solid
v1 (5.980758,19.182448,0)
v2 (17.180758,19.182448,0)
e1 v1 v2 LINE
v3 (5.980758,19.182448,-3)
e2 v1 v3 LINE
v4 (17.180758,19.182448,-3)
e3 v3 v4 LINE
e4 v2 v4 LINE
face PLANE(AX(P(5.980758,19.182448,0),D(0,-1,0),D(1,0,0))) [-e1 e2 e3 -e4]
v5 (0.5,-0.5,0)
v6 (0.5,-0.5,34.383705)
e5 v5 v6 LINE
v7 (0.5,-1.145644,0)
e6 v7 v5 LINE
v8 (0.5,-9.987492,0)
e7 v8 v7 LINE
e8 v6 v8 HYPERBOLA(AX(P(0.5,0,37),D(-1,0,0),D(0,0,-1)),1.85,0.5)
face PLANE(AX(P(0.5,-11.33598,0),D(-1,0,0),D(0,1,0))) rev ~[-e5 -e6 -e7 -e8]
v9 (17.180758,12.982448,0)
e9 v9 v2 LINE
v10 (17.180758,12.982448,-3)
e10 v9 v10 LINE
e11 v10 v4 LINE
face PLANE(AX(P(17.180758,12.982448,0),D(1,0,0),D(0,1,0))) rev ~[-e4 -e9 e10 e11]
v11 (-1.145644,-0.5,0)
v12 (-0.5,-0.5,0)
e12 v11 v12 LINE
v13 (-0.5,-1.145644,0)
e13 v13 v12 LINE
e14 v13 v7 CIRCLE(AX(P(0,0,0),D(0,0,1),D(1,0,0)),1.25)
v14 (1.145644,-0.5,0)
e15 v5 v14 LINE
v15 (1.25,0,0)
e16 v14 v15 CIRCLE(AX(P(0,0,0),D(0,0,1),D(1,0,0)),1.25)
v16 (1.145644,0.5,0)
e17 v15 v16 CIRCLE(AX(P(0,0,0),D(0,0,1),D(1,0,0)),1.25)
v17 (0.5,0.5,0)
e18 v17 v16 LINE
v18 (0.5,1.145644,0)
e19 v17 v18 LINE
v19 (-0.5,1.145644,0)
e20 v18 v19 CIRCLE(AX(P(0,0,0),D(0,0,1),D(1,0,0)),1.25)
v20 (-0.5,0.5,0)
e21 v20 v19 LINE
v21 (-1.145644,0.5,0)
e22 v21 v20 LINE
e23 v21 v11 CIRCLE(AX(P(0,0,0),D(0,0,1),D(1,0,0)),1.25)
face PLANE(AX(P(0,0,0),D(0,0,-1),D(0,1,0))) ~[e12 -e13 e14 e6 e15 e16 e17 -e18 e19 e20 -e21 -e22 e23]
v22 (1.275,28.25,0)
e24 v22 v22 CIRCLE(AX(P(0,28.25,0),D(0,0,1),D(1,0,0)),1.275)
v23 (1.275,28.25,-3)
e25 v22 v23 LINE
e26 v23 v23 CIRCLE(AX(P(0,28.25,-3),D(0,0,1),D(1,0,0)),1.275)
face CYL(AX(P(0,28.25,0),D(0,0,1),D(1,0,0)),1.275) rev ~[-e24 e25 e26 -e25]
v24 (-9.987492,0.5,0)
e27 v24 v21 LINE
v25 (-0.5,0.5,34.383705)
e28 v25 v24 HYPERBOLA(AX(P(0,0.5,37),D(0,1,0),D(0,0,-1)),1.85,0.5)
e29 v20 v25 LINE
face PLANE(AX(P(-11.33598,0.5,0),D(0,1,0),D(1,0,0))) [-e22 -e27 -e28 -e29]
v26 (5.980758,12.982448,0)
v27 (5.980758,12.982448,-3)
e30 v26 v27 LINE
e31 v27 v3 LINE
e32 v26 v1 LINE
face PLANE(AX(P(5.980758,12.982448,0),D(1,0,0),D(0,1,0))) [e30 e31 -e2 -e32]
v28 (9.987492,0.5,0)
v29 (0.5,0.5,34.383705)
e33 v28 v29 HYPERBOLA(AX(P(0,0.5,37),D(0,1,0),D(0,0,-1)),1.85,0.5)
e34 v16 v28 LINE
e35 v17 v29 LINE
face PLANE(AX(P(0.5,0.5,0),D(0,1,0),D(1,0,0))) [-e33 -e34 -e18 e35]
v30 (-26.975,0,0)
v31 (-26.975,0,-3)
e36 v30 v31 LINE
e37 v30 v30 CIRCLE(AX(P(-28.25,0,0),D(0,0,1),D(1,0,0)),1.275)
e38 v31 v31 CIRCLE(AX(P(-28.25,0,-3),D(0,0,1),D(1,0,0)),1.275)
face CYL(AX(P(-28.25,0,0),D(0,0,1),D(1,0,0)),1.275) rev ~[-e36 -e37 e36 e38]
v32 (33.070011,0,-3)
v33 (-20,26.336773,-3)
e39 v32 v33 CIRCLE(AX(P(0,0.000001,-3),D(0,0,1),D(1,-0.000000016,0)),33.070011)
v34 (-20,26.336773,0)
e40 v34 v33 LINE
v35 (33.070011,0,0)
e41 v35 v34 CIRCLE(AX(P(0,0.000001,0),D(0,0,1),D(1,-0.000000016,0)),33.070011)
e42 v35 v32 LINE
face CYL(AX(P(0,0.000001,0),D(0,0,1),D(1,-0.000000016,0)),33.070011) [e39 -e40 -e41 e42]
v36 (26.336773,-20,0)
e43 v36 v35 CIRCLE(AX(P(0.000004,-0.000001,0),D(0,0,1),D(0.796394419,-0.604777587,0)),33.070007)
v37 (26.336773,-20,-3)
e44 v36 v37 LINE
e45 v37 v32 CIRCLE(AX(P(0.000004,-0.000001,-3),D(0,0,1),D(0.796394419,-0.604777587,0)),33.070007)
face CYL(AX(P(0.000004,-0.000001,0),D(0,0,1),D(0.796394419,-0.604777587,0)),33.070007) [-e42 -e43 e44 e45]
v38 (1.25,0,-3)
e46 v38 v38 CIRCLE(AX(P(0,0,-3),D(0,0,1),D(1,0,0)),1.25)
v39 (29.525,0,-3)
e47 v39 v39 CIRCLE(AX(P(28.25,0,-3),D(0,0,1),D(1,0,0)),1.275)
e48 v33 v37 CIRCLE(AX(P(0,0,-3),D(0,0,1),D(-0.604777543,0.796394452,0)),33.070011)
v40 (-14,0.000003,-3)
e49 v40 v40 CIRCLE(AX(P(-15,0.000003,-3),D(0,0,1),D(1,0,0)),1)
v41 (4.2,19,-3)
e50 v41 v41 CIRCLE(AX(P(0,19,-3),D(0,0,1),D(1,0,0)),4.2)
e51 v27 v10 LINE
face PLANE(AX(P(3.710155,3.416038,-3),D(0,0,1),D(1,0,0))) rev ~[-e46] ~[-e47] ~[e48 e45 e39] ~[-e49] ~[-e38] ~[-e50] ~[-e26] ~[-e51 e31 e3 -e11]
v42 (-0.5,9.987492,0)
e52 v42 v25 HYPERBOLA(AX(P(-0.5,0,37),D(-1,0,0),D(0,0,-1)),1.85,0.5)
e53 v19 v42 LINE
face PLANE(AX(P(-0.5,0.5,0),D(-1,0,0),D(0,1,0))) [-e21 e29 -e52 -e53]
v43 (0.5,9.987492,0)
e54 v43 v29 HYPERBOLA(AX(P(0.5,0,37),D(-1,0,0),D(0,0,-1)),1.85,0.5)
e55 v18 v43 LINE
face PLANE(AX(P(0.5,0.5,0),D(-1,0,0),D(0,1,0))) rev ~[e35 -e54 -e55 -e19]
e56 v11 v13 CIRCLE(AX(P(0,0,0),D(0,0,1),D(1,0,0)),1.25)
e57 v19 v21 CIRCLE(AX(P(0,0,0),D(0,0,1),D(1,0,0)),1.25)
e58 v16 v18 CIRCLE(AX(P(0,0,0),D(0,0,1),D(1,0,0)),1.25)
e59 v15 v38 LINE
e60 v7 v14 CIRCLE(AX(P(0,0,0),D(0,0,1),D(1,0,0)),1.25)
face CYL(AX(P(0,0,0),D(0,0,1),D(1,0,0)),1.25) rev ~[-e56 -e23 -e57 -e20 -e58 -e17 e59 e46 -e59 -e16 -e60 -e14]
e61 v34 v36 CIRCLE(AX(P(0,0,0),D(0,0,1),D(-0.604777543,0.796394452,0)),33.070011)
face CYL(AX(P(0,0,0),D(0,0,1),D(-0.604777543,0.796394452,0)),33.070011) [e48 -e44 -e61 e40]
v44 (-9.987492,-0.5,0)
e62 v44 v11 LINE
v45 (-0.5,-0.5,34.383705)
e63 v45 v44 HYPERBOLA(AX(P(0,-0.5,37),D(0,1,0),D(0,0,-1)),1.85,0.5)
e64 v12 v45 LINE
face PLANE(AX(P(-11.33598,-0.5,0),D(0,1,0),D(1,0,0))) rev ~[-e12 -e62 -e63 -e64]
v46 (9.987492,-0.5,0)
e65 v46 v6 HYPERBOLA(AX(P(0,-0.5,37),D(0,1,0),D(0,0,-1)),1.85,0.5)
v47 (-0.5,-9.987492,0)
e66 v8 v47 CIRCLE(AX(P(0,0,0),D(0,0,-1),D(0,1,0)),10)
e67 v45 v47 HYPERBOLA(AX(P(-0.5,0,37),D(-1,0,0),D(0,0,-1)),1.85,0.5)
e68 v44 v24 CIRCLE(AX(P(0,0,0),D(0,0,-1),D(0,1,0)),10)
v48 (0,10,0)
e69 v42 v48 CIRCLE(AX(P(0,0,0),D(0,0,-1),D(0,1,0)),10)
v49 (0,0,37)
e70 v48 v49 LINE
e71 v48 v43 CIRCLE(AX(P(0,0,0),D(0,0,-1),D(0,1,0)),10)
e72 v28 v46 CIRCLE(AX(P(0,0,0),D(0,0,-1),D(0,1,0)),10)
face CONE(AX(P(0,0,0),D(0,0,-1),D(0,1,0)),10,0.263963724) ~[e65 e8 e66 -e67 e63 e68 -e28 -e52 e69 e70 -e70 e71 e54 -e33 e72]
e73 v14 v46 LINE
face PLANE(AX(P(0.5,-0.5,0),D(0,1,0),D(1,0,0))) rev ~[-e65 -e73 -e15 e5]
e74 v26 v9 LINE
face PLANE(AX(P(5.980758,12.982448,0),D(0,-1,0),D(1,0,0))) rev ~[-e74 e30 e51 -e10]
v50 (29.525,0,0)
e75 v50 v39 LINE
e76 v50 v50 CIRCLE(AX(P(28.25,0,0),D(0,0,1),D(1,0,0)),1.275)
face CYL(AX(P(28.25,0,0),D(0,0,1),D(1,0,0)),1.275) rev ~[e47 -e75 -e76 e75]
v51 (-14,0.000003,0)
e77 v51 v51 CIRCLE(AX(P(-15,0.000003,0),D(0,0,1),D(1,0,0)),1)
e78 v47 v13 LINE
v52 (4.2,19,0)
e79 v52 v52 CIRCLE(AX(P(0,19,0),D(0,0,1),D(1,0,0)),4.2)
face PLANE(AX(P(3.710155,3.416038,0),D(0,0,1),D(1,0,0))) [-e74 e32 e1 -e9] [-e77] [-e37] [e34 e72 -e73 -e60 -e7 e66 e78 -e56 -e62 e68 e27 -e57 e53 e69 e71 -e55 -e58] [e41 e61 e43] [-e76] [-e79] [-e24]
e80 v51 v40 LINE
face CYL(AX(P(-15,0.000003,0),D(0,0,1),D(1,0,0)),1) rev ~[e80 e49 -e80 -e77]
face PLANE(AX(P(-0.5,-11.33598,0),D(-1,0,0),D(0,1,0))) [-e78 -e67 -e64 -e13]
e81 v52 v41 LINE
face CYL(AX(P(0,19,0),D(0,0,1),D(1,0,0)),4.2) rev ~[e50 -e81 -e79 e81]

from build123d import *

# Parameters (mm, degrees)
F0_R     = 1
F0_R_2   = 1.25
F0_R_3   = 4.2
F0_R_4   = 1.275
F0_W     = 11.2
F0_H     = 6.2
F1_DEPTH = 3
F4_W     = 10.83598
F4_H     = 10.83598
F5_DEPTH = 40


with BuildPart() as f1:
    # F0 (on Top) → F1 (new body)
    with BuildSketch(Plane.XY):
        with BuildLine():
            ThreePointArc((26.336773, -20), (31.34153, -10.551499), (33.070011, 0))
            ThreePointArc((33.070011, 0), (14.700772, 29.622845), (-20, 26.336773))
            Line((-20, 26.336773), (-20, -20))
            Line((-20, -20), (26.336773, -20))
        make_face()
        with Locations((-15, 3e-06)):
            Circle(F0_R, mode=Mode.SUBTRACT)
        Circle(F0_R_2, mode=Mode.SUBTRACT)
        with Locations((0, 19)):
            Circle(F0_R_3, mode=Mode.SUBTRACT)
        with Locations((0, 28.25)):
            Circle(F0_R_4, mode=Mode.SUBTRACT)
        with Locations((11.580758, 16.082448)):
            Rectangle(F0_W, F0_H, mode=Mode.SUBTRACT)
        with Locations((28.25, 0)):
            Circle(F0_R_4, mode=Mode.SUBTRACT)
        with BuildLine():
            Line((-20, -20), (-20, 26.336773))
            ThreePointArc((-20, 26.336773), (-23.384029, -23.384029), (26.336773, -20))
            Line((26.336773, -20), (-20, -20))
        make_face()
        with Locations((-28.25, 0)):
            Circle(F0_R_4, mode=Mode.SUBTRACT)
    extrude(amount=-F1_DEPTH)

    # F2 (on Right) → F3 (revolve)
    with BuildSketch(Plane.YZ):
        Polygon((10, 0), (0, 37), (0, 0), align=None)
    revolve(axis=Axis((0, 0, 18.5), (0, 0, -1)))

    # F4 (on Top) → F5 (cut)
    with BuildSketch(Plane.XY):
        with Locations((-5.91799, 5.91799)):
            Rectangle(F4_W, F4_H)
        with Locations((5.91799, 5.91799)):
            Rectangle(F4_W, F4_H)
        with Locations((5.91799, -5.91799)):
            Rectangle(F4_W, F4_H)
        with Locations((-5.91799, -5.91799)):
            Rectangle(F4_W, F4_H)
    extrude(amount=F5_DEPTH, mode=Mode.SUBTRACT)


solid = f1.part
